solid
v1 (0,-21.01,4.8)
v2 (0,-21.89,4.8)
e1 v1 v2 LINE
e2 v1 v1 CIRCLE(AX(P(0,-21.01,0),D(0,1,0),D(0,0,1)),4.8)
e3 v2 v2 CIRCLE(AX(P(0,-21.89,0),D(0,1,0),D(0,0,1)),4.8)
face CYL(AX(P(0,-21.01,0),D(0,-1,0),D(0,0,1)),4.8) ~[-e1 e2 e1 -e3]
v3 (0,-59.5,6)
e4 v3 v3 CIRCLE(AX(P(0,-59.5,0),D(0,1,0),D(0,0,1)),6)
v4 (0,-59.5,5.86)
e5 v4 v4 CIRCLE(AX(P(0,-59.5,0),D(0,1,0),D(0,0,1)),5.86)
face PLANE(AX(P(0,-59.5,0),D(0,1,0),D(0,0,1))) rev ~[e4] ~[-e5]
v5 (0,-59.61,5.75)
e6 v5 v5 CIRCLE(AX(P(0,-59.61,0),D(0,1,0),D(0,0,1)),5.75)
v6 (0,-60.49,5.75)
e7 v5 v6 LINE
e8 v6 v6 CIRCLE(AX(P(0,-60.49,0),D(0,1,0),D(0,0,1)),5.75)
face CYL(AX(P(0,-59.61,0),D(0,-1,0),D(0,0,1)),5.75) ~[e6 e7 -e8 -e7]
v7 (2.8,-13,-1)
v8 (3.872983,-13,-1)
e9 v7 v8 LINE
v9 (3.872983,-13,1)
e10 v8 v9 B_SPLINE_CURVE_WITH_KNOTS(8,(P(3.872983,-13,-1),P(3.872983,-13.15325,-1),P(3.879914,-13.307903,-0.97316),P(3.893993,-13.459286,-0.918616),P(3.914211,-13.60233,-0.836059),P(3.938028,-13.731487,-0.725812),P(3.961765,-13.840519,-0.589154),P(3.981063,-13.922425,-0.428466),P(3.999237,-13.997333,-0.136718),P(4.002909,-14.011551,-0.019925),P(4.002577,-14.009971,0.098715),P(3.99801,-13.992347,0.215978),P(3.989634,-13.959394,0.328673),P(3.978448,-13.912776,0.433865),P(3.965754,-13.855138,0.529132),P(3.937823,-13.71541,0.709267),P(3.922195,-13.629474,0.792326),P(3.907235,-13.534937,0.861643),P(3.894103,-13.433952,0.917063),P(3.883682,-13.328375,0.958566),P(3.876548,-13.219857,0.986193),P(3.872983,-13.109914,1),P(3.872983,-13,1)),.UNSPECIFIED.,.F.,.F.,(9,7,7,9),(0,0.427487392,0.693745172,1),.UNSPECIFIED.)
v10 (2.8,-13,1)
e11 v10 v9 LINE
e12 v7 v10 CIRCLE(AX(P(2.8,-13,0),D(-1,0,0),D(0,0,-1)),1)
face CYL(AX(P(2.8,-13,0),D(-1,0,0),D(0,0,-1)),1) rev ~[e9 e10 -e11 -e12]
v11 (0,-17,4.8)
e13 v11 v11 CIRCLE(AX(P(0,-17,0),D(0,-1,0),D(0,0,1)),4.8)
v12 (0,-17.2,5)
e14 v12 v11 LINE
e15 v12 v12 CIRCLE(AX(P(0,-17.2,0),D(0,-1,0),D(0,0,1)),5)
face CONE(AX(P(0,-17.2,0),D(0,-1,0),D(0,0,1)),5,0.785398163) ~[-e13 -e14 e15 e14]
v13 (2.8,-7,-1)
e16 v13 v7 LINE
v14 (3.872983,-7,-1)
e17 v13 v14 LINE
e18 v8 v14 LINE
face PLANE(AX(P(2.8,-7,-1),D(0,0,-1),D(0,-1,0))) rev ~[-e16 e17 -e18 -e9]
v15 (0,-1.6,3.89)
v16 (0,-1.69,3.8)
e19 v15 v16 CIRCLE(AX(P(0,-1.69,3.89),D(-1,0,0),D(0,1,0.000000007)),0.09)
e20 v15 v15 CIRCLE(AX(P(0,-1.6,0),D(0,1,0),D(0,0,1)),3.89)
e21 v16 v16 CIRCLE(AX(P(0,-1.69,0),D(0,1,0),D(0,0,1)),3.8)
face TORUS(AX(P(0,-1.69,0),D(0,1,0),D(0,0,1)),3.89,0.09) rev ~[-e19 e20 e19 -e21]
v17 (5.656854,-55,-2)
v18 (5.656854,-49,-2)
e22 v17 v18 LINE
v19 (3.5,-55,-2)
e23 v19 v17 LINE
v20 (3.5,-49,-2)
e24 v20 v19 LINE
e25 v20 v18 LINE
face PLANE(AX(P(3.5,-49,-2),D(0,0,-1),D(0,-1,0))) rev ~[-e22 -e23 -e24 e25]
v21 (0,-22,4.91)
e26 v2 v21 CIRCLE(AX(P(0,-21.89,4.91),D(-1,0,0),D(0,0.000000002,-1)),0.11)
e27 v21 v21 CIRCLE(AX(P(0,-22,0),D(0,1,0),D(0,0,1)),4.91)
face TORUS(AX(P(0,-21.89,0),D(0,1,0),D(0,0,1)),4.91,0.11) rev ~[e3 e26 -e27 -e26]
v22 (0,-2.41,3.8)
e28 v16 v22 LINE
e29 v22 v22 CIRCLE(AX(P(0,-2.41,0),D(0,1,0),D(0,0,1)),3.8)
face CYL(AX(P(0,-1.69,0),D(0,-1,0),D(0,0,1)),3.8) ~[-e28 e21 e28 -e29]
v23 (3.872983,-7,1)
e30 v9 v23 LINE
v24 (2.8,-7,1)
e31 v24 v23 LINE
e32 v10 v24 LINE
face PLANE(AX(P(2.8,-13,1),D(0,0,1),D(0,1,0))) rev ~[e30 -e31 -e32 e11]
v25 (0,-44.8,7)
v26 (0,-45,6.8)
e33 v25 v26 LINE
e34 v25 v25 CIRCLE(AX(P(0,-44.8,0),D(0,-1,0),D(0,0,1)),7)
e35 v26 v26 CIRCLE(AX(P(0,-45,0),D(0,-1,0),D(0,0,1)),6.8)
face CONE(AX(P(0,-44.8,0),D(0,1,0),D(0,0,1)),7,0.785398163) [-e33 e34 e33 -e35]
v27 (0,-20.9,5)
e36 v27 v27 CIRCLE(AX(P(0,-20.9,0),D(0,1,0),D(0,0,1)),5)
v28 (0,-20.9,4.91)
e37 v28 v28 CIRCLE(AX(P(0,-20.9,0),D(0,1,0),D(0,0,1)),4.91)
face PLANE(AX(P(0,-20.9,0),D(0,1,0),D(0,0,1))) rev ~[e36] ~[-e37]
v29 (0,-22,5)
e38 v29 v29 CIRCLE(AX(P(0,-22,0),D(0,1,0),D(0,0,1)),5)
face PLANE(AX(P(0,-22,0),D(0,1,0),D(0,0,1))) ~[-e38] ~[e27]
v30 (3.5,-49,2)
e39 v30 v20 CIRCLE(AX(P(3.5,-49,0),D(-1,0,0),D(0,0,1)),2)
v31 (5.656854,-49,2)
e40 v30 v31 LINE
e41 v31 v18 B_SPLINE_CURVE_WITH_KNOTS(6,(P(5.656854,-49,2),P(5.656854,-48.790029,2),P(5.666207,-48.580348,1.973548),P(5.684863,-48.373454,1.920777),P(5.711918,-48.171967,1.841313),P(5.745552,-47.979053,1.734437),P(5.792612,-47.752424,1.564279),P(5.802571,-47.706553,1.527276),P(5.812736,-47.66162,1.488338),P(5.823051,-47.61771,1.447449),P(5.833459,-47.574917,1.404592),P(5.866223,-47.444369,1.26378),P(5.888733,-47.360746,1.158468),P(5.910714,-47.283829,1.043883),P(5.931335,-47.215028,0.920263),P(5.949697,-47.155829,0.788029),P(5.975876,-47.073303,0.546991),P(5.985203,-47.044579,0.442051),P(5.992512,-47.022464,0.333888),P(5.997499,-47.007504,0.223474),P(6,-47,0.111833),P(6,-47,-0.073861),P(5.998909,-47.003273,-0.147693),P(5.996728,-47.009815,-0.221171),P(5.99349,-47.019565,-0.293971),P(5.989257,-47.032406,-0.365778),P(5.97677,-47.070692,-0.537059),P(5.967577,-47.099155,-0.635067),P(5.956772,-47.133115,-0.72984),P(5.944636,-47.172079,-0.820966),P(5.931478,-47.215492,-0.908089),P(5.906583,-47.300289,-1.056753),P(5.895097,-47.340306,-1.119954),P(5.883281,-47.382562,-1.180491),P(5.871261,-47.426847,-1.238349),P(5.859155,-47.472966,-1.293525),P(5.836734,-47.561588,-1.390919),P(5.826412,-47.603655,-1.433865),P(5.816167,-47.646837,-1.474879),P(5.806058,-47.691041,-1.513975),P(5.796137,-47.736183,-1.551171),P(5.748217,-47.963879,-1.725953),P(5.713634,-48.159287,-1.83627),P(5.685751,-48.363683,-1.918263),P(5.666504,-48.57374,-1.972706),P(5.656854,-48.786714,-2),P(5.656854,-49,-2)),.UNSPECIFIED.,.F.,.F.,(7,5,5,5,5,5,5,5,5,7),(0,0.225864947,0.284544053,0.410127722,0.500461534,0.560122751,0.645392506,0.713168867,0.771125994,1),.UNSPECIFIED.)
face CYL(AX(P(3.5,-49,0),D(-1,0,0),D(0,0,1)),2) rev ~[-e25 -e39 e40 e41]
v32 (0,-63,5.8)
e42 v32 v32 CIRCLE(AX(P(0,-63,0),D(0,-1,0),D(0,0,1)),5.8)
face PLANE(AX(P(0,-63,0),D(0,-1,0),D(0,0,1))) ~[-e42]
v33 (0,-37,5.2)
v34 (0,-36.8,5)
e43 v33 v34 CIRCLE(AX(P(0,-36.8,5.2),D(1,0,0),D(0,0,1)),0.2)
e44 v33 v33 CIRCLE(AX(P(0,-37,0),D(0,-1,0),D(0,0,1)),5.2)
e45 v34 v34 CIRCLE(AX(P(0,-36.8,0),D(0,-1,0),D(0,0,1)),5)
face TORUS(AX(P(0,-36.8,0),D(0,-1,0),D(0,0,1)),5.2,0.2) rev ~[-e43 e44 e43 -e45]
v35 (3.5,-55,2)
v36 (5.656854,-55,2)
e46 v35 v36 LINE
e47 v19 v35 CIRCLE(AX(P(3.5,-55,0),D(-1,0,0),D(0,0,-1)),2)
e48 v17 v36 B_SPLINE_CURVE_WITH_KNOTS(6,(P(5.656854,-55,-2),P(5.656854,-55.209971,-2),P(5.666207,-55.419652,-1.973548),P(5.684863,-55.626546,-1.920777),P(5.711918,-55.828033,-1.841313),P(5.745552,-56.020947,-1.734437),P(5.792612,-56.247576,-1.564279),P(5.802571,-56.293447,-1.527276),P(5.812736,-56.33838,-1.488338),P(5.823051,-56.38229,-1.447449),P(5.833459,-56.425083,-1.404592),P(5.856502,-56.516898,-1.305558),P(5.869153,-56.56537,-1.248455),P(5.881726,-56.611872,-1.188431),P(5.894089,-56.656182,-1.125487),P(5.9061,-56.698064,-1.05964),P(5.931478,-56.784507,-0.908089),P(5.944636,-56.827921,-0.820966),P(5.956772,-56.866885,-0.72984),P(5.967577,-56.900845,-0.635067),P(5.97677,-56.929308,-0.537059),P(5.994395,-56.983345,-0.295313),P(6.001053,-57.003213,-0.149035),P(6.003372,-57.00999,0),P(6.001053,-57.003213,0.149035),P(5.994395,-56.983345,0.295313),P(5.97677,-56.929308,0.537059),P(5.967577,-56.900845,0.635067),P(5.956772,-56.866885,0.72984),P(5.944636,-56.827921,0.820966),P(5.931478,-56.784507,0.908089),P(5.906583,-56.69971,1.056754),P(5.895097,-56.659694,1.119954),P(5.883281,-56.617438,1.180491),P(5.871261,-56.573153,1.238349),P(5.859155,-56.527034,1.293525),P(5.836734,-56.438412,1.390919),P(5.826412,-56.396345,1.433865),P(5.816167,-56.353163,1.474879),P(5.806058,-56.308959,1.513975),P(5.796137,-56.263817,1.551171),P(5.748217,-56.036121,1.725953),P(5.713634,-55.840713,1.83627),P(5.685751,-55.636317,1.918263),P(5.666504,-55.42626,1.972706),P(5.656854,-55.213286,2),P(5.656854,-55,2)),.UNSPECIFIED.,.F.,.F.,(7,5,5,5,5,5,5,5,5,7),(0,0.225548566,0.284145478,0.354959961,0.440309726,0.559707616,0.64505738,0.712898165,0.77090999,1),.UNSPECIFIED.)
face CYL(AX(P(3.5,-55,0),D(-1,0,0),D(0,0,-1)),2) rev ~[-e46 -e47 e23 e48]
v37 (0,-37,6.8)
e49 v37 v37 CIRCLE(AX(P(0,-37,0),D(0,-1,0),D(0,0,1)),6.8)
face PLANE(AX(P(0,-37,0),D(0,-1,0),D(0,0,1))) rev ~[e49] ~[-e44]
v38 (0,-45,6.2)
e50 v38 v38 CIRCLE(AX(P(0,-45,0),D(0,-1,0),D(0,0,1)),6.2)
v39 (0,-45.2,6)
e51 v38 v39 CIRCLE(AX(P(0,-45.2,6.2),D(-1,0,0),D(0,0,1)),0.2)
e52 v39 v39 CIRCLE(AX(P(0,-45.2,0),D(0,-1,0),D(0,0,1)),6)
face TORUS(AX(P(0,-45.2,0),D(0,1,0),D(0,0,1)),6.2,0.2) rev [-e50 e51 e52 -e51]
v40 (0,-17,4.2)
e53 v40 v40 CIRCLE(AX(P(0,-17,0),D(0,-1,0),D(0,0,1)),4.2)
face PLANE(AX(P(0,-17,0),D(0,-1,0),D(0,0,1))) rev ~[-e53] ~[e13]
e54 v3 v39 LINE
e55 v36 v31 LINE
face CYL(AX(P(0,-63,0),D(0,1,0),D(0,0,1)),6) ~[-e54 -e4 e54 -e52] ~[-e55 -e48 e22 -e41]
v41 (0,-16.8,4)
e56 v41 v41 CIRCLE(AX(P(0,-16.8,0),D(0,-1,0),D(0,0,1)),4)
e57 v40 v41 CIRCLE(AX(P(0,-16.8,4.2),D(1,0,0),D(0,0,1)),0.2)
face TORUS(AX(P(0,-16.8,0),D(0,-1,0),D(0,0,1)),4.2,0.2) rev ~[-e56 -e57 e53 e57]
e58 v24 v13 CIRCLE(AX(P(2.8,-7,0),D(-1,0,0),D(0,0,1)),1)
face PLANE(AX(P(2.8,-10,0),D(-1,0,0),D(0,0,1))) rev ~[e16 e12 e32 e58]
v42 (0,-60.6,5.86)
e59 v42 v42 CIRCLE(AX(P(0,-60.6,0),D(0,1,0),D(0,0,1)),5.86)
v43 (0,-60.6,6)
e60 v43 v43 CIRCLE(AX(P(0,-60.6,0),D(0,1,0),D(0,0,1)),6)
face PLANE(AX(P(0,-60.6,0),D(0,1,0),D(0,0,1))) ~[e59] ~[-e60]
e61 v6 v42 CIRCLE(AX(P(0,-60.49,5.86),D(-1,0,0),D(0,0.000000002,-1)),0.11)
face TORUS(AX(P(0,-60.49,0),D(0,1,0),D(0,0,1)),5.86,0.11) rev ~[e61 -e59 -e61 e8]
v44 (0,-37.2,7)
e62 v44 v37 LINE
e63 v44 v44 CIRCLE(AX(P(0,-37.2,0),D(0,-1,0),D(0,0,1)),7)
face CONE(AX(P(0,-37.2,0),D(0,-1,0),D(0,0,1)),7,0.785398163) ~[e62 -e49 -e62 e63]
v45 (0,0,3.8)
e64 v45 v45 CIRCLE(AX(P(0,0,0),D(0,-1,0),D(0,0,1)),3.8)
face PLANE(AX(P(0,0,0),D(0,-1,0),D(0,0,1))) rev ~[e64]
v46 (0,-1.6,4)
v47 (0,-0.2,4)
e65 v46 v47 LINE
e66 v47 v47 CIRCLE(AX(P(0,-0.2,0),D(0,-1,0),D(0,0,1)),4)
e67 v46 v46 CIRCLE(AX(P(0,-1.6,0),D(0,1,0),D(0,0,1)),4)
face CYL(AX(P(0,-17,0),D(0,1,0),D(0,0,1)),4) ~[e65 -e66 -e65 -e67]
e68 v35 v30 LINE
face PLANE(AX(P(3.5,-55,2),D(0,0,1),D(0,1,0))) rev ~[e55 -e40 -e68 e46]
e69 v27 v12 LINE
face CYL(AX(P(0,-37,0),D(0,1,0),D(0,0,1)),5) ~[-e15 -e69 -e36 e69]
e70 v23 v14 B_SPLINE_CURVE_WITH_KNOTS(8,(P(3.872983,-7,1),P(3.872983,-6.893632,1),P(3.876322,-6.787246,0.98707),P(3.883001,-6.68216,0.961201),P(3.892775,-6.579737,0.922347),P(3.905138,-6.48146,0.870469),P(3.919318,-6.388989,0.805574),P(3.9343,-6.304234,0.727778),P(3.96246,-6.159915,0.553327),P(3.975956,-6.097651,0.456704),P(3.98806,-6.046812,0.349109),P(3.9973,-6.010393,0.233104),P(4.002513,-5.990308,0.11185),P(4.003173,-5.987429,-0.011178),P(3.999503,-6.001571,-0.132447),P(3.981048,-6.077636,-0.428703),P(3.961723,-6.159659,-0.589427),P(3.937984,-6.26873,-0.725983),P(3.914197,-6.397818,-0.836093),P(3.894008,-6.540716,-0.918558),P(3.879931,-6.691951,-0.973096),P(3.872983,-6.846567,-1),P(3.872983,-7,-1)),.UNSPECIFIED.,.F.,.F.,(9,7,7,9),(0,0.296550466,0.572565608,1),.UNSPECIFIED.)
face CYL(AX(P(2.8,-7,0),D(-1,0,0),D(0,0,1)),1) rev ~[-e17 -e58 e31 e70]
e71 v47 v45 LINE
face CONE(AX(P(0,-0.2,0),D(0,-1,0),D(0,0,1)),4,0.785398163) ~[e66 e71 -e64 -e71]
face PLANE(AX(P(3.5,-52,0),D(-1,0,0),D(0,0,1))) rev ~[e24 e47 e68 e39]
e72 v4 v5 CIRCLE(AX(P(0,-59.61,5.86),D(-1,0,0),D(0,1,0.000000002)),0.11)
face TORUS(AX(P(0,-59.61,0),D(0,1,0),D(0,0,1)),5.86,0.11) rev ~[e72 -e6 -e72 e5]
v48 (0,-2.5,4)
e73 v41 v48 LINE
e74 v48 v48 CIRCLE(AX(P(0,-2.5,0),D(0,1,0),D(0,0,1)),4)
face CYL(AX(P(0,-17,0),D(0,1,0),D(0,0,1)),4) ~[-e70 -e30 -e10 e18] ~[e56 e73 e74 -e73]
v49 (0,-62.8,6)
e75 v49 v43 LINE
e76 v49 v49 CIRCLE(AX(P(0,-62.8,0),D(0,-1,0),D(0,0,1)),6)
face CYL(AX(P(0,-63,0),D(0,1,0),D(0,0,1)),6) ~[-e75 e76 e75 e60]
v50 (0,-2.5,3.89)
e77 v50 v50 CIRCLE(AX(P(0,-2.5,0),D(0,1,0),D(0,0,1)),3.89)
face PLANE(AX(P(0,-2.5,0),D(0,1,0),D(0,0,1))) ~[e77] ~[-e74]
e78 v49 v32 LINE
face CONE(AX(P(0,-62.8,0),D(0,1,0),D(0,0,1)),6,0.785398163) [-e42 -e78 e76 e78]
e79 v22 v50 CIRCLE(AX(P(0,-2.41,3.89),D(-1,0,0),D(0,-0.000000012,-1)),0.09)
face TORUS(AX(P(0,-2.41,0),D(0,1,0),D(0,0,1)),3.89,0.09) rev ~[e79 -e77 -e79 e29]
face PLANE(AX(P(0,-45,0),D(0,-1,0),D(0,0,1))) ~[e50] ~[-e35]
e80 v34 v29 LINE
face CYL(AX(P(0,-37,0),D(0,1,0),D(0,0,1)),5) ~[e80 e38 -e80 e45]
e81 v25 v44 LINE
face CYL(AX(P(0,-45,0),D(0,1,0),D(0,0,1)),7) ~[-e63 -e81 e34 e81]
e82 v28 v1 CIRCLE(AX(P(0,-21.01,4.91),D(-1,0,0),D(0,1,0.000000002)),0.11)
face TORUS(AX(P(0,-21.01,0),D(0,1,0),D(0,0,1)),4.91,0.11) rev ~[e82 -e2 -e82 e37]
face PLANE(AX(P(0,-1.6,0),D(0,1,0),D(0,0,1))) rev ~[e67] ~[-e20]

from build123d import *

# Parameters (mm, degrees)
CHAMFER1_SIZE      = 0.2
CHAMFER2_SIZE      = 0.2
FILLET1_R          = 0.2
CUT_EXTRUDE1_DEPTH = 65.251459127
CUT_EXTRUDE2_DEPTH = 65.140782658


with BuildPart() as part:
    # Sketch1 → Revolve1 (revolve)
    with BuildSketch(Plane(origin=(0, 0, 0), x_dir=(0, 0, -1), z_dir=(1, 0, 0)), mode=Mode.PRIVATE) as revolve1_sk:
        Polygon((0, 0), (0, -63), (6, -63), (6, -45), (7, -45), (7, -37), (5, -37), (5, -17), (4, -17), (4, 0), align=None)
    revolve(revolve1_sk.sketch.rotate(Axis((0, 27.897765143, 0), (0, -1, 0)), 180), axis=Axis((0, 27.897765143, 0), (0, -1, 0)))

    # Sketch3 → Groove for BS 3673 P4 - S012M, External Circlip1 (revolve, cut)
    with BuildSketch(Plane(origin=(0, 27.897765143, 0), x_dir=(0, 0, 1), z_dir=(-1, 0, 0))):
        with BuildLine():
            Line((5.86, -88.497765143), (7.2, -88.497765143))
            Line((7.2, -88.497765143), (7.2, -87.397765143))
            Line((7.2, -87.397765143), (5.86, -87.397765143))
            ThreePointArc((5.86, -87.397765143), (5.782218254, -87.429983397), (5.75, -87.507765143))
            Line((5.75, -87.507765143), (5.75, -88.387765143))
            ThreePointArc((5.75, -88.387765143), (5.782218254, -88.465546889), (5.86, -88.497765143))
        make_face()
    revolve(axis=Axis((0, -22.102234857, 0), (0, 1, 0)), mode=Mode.SUBTRACT)

    # Sketch5 → Groove for BS 3673 P4 - S010M, External Circlip1 (revolve, cut)
    with BuildSketch(Plane(origin=(0, 27.897765143, 0), x_dir=(0, 0, 1), z_dir=(-1, 0, 0))):
        with BuildLine():
            Line((4.91, -49.897765143), (6, -49.897765143))
            Line((6, -49.897765143), (6, -48.797765143))
            Line((6, -48.797765143), (4.91, -48.797765143))
            ThreePointArc((4.91, -48.797765143), (4.832218254, -48.829983397), (4.8, -48.907765143))
            Line((4.8, -48.907765143), (4.8, -49.787765143))
            ThreePointArc((4.8, -49.787765143), (4.832218254, -49.865546889), (4.91, -49.897765143))
        make_face()
    revolve(axis=Axis((0, -22.102234857, 0), (0, 1, 0)), mode=Mode.SUBTRACT)

    # Sketch7 → Groove for BS 3673 P4 - S008M, External Circlip1 (revolve, cut)
    with BuildSketch(Plane(origin=(0, 27.897765143, 0), x_dir=(0, 0, 1), z_dir=(-1, 0, 0))):
        with BuildLine():
            Line((3.89, -30.397765143), (4.8, -30.397765143))
            Line((4.8, -30.397765143), (4.8, -29.497765143))
            Line((4.8, -29.497765143), (3.89, -29.497765143))
            ThreePointArc((3.89, -29.497765143), (3.82636039, -29.524125532), (3.8, -29.587765143))
            Line((3.8, -29.587765143), (3.8, -30.307765143))
            ThreePointArc((3.8, -30.307765143), (3.82636039, -30.371404753), (3.89, -30.397765143))
        make_face()
    revolve(axis=Axis((0, -16.204997178, 0), (0, 1, 0)), mode=Mode.SUBTRACT)

    # Chamfer1
    chamfer1_edges = [part.edges().sort_by_distance(p)[0] for p in [
        (0, -37, -7),
    ]]
    chamfer(chamfer1_edges, length=CHAMFER1_SIZE)

    # Chamfer2
    chamfer2_edges = [part.edges().sort_by_distance(p)[0] for p in [
        (0, -45, -7),
        (0, -63, -6),
        (0, 0, -4),
        (0, -17, -5),
    ]]
    chamfer(chamfer2_edges, length=CHAMFER2_SIZE)

    # Fillet1
    fillet1_edges = [part.edges().sort_by_distance(p)[0] for p in [
        (0, -45, -6),
        (0, -17, -4),
        (0, -37, -5),
    ]]
    fillet(fillet1_edges, radius=FILLET1_R)

    # Sketch8 → Cut-Extrude1 (cut, through all)
    with BuildSketch(Plane(origin=(3.5, 0, 0), x_dir=(0, 0, -1), z_dir=(1, 0, 0))):
        with BuildLine():
            Line((2, -49), (2, -55))
            ThreePointArc((2, -55), (0, -57), (-2, -55))
            Line((-2, -55), (-2, -49))
            ThreePointArc((-2, -49), (0, -47), (2, -49))
        make_face()
    extrude(amount=CUT_EXTRUDE1_DEPTH, mode=Mode.SUBTRACT)

    # Sketch9 → Cut-Extrude2 (cut, through all)
    with BuildSketch(Plane(origin=(2.8, 0, 0), x_dir=(0, 0, -1), z_dir=(1, 0, 0))):
        with BuildLine():
            Line((1, -7), (1, -13))
            ThreePointArc((1, -13), (0, -14), (-1, -13))
            Line((-1, -13), (-1, -7))
            ThreePointArc((-1, -7), (0, -6), (1, -7))
        make_face()
    extrude(amount=CUT_EXTRUDE2_DEPTH, mode=Mode.SUBTRACT)


solid = part.part
